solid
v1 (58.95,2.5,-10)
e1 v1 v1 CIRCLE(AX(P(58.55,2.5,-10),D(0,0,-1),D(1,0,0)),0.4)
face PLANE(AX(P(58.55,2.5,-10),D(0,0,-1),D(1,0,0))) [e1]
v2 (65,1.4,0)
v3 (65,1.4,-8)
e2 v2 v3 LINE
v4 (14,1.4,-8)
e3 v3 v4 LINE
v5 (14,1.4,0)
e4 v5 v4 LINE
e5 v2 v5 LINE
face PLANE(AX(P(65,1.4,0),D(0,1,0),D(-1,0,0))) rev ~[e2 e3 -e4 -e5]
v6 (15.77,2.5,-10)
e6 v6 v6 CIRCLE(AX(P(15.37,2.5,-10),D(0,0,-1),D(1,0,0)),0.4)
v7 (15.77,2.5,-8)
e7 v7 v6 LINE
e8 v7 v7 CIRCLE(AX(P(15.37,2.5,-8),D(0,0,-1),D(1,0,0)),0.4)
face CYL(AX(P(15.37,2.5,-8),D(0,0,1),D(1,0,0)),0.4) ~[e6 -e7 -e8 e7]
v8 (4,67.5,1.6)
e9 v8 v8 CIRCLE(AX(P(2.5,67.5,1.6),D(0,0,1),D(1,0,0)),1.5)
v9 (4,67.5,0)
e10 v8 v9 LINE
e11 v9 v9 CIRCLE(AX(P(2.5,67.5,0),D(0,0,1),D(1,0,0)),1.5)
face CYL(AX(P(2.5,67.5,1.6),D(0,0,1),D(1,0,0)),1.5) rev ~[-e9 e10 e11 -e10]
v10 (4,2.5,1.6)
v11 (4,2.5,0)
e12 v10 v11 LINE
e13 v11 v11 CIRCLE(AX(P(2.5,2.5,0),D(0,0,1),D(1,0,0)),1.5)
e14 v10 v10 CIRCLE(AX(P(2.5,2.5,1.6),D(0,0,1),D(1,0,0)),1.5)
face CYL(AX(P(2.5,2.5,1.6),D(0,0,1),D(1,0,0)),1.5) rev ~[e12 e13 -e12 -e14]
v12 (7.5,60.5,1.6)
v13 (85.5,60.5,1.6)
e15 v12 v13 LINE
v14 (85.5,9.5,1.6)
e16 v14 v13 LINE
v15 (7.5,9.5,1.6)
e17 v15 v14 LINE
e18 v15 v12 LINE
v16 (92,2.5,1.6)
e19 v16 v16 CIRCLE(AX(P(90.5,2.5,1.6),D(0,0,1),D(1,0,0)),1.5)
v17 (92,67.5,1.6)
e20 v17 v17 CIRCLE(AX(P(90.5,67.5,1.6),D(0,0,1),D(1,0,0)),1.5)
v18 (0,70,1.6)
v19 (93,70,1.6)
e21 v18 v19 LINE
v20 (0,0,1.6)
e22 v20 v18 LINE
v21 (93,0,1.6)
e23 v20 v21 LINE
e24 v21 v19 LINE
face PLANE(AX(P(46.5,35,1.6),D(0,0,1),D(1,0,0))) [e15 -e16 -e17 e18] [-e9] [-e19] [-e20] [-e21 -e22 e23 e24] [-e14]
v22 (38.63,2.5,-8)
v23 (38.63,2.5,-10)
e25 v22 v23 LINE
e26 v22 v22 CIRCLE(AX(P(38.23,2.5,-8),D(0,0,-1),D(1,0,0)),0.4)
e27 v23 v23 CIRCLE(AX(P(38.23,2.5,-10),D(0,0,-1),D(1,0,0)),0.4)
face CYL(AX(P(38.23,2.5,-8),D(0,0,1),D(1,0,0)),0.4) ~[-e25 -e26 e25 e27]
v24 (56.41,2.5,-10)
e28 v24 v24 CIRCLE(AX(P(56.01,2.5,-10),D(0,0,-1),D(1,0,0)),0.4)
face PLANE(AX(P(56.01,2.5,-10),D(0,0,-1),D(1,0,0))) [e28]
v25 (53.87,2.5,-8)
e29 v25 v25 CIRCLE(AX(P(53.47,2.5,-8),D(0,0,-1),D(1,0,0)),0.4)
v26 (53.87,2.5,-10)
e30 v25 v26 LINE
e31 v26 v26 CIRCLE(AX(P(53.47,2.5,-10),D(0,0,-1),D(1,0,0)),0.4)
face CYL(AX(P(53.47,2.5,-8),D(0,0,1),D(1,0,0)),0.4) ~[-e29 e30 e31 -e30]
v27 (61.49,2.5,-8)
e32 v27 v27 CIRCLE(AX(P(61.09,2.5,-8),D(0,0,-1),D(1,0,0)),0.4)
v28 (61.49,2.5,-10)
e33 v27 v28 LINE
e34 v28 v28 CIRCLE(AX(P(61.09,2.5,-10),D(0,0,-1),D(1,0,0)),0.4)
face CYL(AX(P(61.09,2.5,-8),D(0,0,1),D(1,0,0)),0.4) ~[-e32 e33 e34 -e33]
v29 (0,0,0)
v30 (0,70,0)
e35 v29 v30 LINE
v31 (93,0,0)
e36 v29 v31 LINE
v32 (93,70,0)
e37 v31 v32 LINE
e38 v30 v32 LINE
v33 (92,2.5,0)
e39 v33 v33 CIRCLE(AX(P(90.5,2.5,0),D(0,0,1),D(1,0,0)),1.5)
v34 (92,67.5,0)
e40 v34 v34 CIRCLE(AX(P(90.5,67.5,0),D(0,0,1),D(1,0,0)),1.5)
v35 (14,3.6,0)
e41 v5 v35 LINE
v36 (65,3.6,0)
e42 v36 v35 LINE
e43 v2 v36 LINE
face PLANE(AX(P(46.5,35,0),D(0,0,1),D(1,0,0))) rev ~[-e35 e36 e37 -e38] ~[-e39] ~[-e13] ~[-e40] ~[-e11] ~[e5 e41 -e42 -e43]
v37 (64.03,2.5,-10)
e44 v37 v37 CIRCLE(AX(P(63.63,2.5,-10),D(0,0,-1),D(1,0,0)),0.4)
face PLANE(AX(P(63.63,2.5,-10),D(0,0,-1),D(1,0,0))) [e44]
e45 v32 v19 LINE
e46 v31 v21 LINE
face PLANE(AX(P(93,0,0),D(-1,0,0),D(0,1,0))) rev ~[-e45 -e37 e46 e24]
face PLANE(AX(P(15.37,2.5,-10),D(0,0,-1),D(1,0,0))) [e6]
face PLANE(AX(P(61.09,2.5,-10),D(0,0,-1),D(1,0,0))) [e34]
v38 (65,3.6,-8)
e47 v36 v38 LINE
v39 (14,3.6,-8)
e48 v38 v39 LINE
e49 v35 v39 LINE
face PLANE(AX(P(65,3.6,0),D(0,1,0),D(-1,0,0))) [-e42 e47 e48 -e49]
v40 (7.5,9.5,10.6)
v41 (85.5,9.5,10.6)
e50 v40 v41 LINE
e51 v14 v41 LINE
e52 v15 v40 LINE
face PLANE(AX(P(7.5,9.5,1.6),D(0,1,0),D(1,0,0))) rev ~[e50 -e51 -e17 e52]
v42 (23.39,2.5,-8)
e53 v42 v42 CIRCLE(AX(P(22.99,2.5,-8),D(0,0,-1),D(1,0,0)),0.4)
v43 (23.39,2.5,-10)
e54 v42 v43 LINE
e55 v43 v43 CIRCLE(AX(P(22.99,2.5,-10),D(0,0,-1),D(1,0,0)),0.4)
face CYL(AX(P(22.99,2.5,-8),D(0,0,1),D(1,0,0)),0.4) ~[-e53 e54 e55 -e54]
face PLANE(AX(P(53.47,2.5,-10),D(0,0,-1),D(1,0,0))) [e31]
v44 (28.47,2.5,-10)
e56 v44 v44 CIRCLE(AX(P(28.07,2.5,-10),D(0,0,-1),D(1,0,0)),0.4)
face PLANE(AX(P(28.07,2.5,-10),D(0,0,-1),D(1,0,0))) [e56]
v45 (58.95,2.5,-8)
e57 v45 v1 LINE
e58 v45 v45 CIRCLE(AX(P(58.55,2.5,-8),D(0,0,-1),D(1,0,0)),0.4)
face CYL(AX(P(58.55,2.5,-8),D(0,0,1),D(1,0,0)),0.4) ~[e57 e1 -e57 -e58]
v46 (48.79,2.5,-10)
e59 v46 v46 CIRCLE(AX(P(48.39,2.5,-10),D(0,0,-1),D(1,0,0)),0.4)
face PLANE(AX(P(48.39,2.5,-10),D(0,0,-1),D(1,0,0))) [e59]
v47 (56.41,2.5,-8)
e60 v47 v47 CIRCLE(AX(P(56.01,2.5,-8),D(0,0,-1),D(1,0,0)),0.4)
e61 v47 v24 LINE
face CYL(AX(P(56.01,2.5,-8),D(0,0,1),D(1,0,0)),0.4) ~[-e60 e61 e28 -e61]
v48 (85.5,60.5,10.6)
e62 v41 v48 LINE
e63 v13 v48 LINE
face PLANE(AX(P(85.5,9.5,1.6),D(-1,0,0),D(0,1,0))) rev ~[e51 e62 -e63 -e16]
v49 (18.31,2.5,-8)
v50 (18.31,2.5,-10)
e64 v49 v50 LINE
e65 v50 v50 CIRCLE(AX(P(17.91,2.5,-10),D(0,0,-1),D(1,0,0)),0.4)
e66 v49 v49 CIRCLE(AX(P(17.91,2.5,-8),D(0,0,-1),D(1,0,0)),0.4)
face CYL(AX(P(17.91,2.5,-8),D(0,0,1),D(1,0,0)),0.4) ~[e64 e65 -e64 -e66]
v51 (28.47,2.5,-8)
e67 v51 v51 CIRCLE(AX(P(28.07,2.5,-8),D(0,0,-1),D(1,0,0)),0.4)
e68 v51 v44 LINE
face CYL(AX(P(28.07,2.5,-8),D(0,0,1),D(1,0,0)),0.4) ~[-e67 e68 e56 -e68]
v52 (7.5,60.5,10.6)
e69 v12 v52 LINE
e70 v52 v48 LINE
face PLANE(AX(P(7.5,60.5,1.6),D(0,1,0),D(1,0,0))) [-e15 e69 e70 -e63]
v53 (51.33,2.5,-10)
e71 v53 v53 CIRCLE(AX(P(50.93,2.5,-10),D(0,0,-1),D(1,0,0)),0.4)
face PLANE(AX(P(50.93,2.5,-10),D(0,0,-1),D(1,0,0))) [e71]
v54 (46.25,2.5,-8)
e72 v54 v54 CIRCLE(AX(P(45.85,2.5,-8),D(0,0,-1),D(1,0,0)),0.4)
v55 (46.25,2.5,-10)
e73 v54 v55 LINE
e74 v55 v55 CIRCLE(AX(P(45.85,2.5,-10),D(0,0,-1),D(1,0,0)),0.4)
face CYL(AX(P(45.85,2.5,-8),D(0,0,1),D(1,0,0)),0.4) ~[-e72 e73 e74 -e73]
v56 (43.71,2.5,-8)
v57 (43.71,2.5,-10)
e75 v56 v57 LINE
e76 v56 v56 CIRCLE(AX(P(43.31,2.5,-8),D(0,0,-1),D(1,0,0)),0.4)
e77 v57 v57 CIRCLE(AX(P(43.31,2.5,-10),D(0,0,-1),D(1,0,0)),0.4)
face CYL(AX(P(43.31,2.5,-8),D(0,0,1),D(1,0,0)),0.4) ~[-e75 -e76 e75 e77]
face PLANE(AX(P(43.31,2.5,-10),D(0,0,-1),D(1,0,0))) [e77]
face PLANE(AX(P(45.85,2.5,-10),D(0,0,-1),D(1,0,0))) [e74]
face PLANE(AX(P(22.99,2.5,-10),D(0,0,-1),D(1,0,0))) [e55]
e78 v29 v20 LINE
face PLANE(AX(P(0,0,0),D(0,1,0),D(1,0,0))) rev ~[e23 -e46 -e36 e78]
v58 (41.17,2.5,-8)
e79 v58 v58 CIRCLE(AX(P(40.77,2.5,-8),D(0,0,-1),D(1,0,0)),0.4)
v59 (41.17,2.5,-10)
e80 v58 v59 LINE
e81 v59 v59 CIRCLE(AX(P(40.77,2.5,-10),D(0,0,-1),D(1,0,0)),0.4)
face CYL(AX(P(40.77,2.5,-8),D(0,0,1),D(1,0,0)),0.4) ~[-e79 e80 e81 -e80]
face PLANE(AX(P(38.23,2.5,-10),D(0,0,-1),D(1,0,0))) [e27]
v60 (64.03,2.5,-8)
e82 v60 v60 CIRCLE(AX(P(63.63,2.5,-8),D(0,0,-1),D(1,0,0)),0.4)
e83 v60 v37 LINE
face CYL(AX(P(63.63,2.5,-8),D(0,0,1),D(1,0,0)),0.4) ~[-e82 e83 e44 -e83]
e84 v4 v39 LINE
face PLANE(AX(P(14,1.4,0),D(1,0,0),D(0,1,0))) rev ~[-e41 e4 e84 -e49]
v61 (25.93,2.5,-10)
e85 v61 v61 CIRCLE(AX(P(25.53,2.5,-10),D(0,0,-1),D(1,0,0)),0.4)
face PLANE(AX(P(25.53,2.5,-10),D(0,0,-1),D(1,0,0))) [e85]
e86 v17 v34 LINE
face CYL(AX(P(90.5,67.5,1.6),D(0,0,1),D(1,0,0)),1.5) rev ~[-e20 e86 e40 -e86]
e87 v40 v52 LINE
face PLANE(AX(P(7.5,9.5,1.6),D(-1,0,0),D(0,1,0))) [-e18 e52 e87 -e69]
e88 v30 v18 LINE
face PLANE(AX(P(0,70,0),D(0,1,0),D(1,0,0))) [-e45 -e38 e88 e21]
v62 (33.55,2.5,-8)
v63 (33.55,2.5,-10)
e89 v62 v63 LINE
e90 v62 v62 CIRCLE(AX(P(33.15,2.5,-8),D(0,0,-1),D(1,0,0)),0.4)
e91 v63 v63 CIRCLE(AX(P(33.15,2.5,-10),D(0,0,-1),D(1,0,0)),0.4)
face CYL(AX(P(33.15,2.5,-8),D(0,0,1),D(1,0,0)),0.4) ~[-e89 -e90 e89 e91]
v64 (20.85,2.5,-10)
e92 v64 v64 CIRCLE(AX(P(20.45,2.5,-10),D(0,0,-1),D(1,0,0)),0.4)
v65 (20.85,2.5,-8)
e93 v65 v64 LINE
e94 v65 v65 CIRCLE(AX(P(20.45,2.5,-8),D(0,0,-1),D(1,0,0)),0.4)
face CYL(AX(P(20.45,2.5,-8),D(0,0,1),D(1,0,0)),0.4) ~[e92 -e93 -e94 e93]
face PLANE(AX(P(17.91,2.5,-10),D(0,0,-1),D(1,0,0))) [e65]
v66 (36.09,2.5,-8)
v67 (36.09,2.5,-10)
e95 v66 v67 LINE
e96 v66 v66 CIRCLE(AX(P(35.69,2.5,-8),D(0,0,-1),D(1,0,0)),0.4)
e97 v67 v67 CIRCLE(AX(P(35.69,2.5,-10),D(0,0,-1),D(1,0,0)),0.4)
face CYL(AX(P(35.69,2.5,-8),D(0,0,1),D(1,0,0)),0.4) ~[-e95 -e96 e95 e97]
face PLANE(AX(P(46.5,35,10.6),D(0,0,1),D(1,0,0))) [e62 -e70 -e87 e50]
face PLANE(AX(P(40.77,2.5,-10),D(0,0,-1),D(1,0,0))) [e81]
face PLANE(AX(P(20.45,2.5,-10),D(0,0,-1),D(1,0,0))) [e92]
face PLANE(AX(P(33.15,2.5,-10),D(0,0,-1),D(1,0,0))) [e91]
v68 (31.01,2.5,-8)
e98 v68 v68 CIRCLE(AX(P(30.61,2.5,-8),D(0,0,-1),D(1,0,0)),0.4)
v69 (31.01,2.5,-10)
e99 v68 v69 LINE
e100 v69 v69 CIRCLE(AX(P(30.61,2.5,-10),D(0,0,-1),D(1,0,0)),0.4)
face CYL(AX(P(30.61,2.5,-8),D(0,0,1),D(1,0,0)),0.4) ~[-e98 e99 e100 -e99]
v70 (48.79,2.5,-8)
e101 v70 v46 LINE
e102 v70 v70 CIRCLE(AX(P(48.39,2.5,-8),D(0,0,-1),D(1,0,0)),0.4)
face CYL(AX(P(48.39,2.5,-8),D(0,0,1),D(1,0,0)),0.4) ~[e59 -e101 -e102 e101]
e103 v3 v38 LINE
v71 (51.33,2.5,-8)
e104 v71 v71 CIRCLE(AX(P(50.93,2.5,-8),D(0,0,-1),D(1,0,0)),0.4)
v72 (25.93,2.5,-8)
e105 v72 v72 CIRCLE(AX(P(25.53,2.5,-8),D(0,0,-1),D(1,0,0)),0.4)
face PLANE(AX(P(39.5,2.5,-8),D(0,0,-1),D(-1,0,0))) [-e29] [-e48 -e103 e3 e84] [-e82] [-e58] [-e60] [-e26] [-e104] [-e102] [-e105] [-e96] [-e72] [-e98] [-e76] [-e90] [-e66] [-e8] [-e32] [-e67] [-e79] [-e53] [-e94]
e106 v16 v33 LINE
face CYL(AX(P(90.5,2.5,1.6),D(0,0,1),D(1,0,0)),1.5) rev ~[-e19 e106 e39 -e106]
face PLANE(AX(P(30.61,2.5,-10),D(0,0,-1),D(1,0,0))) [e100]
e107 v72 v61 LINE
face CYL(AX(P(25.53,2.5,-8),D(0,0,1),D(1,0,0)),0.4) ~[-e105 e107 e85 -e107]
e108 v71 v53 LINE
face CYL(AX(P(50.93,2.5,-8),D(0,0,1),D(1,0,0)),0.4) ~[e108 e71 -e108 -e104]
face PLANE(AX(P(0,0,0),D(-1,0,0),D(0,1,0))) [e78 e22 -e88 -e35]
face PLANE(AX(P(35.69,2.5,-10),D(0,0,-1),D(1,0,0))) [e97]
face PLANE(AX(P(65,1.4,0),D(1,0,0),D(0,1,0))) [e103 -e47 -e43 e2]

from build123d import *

# Parameters (mm, degrees)
SKETCH_1_W          = 93
SKETCH_1_H          = 70
EXTRUDE_1_DEPTH     = 1.6
SKETCH_2_R          = 1.5
CUT_EXTRUDE_1_DEPTH = 117.411167849
SKETCH_3_W          = 78
SKETCH_3_H          = 51
EXTRUDE_2_DEPTH     = 9
SKETCH_4_W          = 51
SKETCH_4_H          = 2.2
EXTRUDE_3_DEPTH     = 8
SKETCH_5_R          = 0.4
EXTRUDE_4_DEPTH     = 2


with BuildPart() as part:
    # 草图1 → 凸台-拉伸1 (new body)
    with BuildSketch(Plane.XY):
        with Locations((46.5, 35)):
            Rectangle(SKETCH_1_W, SKETCH_1_H)
    extrude(amount=EXTRUDE_1_DEPTH)

    # 草图2 → 切除-拉伸1 (cut, through all)
    with BuildSketch(Plane.XY.offset(1.6)):
        with Locations((2.5, 2.5)):
            Circle(SKETCH_2_R)
        with Locations((90.5, 2.5)):
            Circle(SKETCH_2_R)
        with Locations((90.5, 67.5)):
            Circle(SKETCH_2_R)
        with Locations((2.5, 67.5)):
            Circle(SKETCH_2_R)
    extrude(amount=-CUT_EXTRUDE_1_DEPTH, mode=Mode.SUBTRACT)

    # 草图3 → 凸台-拉伸2 (add)
    with BuildSketch(Plane.XY.offset(1.6)):
        with Locations((46.5, 35)):
            Rectangle(SKETCH_3_W, SKETCH_3_H)
    extrude(amount=EXTRUDE_2_DEPTH)

    # 草图4 → 凸台-拉伸3 (add)
    with BuildSketch(Plane(origin=(0, 0, 0), x_dir=(-1, 0, 0), z_dir=(0, 0, -1))):
        with Locations((-39.5, 2.5)):
            Rectangle(SKETCH_4_W, SKETCH_4_H)
    extrude(amount=EXTRUDE_3_DEPTH)

    # 草图5 → 凸台-拉伸4 (add)
    with BuildSketch(Plane(origin=(0, 0, -8), x_dir=(-1, 0, 0), z_dir=(0, 0, -1))):
        with Locations(Location((-38.23, 2.5, 0), (0, 0, 180))):
            Circle(SKETCH_5_R)
        with Locations(Location((-40.77, 2.5, 0), (0, 0, 180))):
            Circle(SKETCH_5_R)
        with Locations(Location((-43.31, 2.5, 0), (0, 0, 180))):
            Circle(SKETCH_5_R)
        with Locations(Location((-45.85, 2.5, 0), (0, 0, 180))):
            Circle(SKETCH_5_R)
        with Locations(Location((-48.39, 2.5, 0), (0, 0, 180))):
            Circle(SKETCH_5_R)
        with Locations(Location((-50.93, 2.5, 0), (0, 0, 180))):
            Circle(SKETCH_5_R)
        with Locations(Location((-53.47, 2.5, 0), (0, 0, 180))):
            Circle(SKETCH_5_R)
        with Locations(Location((-56.01, 2.5, 0), (0, 0, 180))):
            Circle(SKETCH_5_R)
        with Locations(Location((-58.55, 2.5, 0), (0, 0, 180))):
            Circle(SKETCH_5_R)
        with Locations(Location((-61.09, 2.5, 0), (0, 0, 180))):
            Circle(SKETCH_5_R)
        with Locations(Location((-63.63, 2.5, 0), (0, 0, 180))):
            Circle(SKETCH_5_R)
        with Locations(Location((-35.69, 2.5, 0), (0, 0, 180))):
            Circle(SKETCH_5_R)
        with Locations(Location((-33.15, 2.5, 0), (0, 0, 180))):
            Circle(SKETCH_5_R)
        with Locations(Location((-30.61, 2.5, 0), (0, 0, 180))):
            Circle(SKETCH_5_R)
        with Locations(Location((-28.07, 2.5, 0), (0, 0, 180))):
            Circle(SKETCH_5_R)
        with Locations(Location((-25.53, 2.5, 0), (0, 0, 180))):
            Circle(SKETCH_5_R)
        with Locations(Location((-22.99, 2.5, 0), (0, 0, 180))):
            Circle(SKETCH_5_R)
        with Locations(Location((-20.45, 2.5, 0), (0, 0, 180))):
            Circle(SKETCH_5_R)
        with Locations(Location((-17.91, 2.5, 0), (0, 0, 180))):
            Circle(SKETCH_5_R)
        with Locations(Location((-15.37, 2.5, 0), (0, 0, 180))):
            Circle(SKETCH_5_R)
    extrude(amount=EXTRUDE_4_DEPTH)


solid = part.part
